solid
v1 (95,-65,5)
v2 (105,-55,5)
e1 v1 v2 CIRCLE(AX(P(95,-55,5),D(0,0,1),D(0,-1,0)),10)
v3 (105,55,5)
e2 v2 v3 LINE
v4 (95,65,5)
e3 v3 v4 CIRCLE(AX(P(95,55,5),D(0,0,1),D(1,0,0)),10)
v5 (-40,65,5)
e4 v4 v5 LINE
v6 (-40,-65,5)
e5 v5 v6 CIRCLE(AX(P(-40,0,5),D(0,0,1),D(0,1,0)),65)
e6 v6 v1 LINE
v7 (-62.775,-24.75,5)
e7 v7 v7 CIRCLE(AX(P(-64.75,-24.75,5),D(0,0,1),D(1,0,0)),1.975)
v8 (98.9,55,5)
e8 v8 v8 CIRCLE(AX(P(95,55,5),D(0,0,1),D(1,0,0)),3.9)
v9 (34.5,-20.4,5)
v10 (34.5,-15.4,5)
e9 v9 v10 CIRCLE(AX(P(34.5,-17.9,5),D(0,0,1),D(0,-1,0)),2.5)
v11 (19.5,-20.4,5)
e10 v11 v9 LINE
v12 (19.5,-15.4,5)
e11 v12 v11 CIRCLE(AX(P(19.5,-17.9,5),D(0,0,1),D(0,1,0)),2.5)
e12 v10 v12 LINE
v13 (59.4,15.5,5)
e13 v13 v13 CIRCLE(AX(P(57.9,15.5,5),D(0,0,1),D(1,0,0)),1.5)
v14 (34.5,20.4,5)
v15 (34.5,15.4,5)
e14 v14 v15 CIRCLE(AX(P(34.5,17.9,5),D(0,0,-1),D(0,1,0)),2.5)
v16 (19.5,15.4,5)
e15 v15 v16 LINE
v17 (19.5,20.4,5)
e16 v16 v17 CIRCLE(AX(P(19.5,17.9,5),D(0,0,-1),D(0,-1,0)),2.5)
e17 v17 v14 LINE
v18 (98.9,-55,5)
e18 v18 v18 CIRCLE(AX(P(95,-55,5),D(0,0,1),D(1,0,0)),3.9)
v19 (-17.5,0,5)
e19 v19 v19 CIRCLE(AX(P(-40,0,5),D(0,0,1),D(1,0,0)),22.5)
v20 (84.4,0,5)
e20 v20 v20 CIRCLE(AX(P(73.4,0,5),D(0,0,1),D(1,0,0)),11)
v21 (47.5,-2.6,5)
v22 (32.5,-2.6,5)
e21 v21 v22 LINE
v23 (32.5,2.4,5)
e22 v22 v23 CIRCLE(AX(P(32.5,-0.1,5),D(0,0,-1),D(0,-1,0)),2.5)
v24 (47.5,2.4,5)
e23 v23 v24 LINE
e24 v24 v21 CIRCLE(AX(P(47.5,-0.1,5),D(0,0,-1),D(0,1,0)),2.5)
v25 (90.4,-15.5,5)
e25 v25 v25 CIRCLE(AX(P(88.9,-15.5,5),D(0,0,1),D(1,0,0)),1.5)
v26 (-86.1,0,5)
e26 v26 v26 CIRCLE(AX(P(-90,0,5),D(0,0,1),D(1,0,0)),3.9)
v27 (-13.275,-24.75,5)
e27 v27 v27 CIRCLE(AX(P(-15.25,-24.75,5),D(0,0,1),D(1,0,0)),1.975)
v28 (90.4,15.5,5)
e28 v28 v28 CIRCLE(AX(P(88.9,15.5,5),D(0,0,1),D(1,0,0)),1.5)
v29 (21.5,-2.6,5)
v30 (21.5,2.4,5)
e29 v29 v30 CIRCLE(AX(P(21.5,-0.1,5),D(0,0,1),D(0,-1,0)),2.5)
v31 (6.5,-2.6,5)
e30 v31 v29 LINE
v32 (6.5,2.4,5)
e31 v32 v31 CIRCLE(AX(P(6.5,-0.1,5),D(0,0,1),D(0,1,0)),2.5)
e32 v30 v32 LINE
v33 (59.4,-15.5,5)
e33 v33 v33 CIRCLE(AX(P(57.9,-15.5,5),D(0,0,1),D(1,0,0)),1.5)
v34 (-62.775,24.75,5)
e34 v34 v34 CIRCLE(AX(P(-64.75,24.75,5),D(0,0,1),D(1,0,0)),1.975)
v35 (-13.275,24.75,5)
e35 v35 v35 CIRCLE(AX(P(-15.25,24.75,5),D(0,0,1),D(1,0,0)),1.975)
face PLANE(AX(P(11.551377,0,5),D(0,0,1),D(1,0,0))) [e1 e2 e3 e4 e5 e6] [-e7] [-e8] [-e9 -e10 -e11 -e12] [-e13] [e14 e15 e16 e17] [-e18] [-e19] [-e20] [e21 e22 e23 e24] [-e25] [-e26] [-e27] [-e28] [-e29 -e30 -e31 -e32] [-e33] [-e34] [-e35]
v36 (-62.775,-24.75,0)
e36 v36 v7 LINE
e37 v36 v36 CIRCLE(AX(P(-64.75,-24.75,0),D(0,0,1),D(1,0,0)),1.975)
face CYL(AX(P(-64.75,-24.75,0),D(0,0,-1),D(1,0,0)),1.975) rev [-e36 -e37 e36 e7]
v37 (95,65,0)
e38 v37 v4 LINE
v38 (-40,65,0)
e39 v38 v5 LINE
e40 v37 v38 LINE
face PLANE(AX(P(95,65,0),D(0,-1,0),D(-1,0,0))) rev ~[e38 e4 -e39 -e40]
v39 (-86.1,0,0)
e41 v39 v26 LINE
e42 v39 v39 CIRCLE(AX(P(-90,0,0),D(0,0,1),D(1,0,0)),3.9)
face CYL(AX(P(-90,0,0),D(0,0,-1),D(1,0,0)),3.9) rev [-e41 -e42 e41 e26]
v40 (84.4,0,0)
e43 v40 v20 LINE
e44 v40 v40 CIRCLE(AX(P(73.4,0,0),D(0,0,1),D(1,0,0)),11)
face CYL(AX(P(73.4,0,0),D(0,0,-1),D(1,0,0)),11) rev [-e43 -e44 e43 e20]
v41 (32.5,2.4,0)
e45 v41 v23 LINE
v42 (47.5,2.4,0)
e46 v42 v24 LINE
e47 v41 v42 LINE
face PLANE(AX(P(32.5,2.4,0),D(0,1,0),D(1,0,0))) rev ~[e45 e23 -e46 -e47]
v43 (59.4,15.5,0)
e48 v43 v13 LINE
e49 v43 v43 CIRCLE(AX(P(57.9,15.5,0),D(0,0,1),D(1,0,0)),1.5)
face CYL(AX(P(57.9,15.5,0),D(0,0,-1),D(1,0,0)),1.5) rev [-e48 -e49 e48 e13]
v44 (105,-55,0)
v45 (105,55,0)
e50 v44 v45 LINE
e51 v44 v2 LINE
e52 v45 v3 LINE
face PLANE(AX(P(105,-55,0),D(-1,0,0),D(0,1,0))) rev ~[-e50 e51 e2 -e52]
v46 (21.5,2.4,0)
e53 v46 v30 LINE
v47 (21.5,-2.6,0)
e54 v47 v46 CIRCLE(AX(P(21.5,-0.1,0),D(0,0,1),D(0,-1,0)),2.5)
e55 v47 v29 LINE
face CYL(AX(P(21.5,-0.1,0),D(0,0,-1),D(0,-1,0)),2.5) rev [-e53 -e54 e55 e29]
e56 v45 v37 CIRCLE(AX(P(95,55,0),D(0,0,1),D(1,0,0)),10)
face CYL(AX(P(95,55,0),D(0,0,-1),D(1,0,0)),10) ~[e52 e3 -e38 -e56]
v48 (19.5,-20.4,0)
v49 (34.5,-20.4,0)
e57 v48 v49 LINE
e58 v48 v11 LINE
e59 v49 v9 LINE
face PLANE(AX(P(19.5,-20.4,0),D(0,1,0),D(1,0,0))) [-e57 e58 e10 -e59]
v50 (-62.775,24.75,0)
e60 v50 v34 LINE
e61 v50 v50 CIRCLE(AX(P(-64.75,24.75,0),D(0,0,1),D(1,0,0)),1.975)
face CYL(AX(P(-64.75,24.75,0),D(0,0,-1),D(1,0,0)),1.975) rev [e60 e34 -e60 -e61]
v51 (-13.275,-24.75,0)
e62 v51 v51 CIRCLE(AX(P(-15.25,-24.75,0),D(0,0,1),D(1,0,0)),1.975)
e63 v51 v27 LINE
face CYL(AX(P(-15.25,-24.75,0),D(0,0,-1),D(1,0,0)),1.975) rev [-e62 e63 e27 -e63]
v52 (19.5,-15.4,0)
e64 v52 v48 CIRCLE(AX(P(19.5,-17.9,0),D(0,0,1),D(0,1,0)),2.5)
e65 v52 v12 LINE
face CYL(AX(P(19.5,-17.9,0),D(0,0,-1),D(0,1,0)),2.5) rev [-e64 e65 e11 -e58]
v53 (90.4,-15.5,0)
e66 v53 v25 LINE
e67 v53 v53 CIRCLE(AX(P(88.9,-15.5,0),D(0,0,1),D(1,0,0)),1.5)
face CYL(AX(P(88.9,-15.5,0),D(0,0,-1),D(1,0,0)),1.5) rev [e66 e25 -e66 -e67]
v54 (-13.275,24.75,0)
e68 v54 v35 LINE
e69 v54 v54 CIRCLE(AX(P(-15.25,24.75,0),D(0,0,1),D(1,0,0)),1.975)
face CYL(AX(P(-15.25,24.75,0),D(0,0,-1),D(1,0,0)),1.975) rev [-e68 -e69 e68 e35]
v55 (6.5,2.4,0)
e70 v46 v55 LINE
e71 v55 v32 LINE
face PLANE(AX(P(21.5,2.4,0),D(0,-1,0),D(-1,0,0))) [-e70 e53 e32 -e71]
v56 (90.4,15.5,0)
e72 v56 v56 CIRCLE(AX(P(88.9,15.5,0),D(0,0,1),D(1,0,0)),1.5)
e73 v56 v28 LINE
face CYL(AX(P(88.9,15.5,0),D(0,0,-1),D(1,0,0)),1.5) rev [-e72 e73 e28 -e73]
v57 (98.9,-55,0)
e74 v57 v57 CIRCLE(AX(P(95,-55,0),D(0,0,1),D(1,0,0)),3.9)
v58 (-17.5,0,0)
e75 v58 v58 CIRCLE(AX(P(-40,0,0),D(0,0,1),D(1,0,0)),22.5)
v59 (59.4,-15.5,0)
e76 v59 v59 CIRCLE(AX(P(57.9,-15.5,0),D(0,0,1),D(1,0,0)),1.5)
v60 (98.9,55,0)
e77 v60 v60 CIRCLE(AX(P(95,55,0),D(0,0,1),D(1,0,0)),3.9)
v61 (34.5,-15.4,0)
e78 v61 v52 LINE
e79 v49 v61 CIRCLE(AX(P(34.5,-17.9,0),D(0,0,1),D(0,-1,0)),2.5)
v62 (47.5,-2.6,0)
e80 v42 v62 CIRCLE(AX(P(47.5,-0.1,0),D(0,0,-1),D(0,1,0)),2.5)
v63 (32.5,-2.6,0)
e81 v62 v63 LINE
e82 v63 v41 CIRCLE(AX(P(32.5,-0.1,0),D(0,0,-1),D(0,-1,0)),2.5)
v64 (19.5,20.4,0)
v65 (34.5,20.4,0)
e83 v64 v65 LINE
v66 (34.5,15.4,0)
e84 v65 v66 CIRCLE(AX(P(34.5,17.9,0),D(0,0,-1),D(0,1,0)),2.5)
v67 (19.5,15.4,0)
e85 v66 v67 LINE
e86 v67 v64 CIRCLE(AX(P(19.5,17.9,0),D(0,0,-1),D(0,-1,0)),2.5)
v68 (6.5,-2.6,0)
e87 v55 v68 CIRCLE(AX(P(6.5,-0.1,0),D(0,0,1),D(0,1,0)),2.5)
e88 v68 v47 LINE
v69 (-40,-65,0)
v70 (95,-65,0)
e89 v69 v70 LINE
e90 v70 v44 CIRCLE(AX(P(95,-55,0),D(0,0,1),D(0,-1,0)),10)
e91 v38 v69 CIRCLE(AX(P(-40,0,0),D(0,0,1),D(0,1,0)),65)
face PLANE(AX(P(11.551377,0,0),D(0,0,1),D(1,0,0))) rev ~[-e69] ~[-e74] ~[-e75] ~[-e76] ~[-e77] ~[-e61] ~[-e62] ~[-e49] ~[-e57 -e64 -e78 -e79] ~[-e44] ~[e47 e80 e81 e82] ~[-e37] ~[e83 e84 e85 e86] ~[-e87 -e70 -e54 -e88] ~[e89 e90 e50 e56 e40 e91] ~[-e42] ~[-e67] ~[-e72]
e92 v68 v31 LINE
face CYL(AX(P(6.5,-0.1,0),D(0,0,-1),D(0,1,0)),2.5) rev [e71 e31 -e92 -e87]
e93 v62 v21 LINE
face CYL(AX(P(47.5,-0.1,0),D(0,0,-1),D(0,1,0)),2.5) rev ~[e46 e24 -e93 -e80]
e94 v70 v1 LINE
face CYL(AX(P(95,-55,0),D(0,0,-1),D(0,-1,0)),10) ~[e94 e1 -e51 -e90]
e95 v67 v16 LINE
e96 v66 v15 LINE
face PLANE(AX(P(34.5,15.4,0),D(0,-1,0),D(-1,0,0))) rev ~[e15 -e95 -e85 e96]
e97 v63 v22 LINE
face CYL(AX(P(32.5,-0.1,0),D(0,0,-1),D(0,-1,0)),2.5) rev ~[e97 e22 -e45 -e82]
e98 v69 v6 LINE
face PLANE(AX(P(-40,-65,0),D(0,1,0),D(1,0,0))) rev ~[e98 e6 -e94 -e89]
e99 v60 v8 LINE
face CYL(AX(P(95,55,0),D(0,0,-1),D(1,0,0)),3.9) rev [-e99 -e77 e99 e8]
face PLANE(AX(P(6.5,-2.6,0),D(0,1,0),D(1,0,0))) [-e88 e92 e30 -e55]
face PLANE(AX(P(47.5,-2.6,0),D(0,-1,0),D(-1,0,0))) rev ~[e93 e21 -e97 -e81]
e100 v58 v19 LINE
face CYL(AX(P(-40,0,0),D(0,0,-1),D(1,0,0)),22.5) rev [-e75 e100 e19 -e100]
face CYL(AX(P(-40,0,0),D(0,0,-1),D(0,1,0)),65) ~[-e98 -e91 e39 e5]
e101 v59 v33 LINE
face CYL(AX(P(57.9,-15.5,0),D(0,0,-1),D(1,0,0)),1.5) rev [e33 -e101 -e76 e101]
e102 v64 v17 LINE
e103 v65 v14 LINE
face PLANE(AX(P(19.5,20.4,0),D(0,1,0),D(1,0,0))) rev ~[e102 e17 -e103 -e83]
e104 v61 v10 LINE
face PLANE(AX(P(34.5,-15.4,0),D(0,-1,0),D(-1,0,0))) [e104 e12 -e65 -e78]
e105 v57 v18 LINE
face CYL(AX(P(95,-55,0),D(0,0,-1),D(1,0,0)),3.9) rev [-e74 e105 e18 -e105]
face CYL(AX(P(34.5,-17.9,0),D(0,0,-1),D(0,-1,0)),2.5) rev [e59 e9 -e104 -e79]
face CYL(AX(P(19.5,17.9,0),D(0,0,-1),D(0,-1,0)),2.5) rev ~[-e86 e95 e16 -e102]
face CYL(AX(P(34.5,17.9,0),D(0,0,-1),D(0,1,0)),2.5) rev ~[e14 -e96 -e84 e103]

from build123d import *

# Parameters (mm, degrees)
SKETCH1_R           = 3.9
SKETCH1_R_2         = 22.5
SKETCH1_R_3         = 1.975
SKETCH1_R_4         = 11
SKETCH1_R_5         = 1.5
BOSS_EXTRUDE3_DEPTH = 5


with BuildPart() as part:
    # Sketch1 → Boss-Extrude3 (new body)
    with BuildSketch(Plane.XY):
        with BuildLine():
            Line((-40, -65), (95, -65))
            ThreePointArc((95, -65), (102.071067812, -62.071067812), (105, -55))
            Line((105, -55), (105, 55))
            ThreePointArc((105, 55), (102.071067812, 62.071067812), (95, 65))
            Line((95, 65), (-40, 65))
            ThreePointArc((-40, 65), (-105, 0), (-40, -65))
        make_face()
        with Locations((95, 55)):
            Circle(SKETCH1_R, mode=Mode.SUBTRACT)
        with Locations((95, -55)):
            Circle(SKETCH1_R, mode=Mode.SUBTRACT)
        with Locations((-90, 0)):
            Circle(SKETCH1_R, mode=Mode.SUBTRACT)
        with Locations((-40, 0)):
            Circle(SKETCH1_R_2, mode=Mode.SUBTRACT)
        with Locations((-64.75, 24.75)):
            Circle(SKETCH1_R_3, mode=Mode.SUBTRACT)
        with Locations((-15.25, 24.75)):
            Circle(SKETCH1_R_3, mode=Mode.SUBTRACT)
        with Locations((-15.25, -24.75)):
            Circle(SKETCH1_R_3, mode=Mode.SUBTRACT)
        with Locations((-64.75, -24.75)):
            Circle(SKETCH1_R_3, mode=Mode.SUBTRACT)
        with Locations((73.4, 0)):
            Circle(SKETCH1_R_4, mode=Mode.SUBTRACT)
        with Locations((57.9, 15.5)):
            Circle(SKETCH1_R_5, mode=Mode.SUBTRACT)
        with Locations((88.9, 15.5)):
            Circle(SKETCH1_R_5, mode=Mode.SUBTRACT)
        with Locations((88.9, -15.5)):
            Circle(SKETCH1_R_5, mode=Mode.SUBTRACT)
        with Locations((57.9, -15.5)):
            Circle(SKETCH1_R_5, mode=Mode.SUBTRACT)
        with BuildLine():
            Line((32.5, 2.4), (47.5, 2.4))
            ThreePointArc((47.5, 2.4), (50, -0.1), (47.5, -2.6))
            Line((47.5, -2.6), (32.5, -2.6))
            ThreePointArc((32.5, -2.6), (30, -0.1), (32.5, 2.4))
        make_face(mode=Mode.SUBTRACT)
        with BuildLine():
            Line((19.5, 20.4), (34.5, 20.4))
            ThreePointArc((34.5, 20.4), (37, 17.9), (34.5, 15.4))
            Line((34.5, 15.4), (19.5, 15.4))
            ThreePointArc((19.5, 15.4), (17, 17.9), (19.5, 20.4))
        make_face(mode=Mode.SUBTRACT)
        with BuildLine():
            Line((21.5, 2.4), (6.5, 2.4))
            ThreePointArc((6.5, 2.4), (4, -0.1), (6.5, -2.6))
            Line((6.5, -2.6), (21.5, -2.6))
            ThreePointArc((21.5, -2.6), (24, -0.1), (21.5, 2.4))
        make_face(mode=Mode.SUBTRACT)
        with BuildLine():
            Line((34.5, -15.4), (19.5, -15.4))
            ThreePointArc((19.5, -15.4), (17, -17.9), (19.5, -20.4))
            Line((19.5, -20.4), (34.5, -20.4))
            ThreePointArc((34.5, -20.4), (37, -17.9), (34.5, -15.4))
        make_face(mode=Mode.SUBTRACT)
    extrude(amount=BOSS_EXTRUDE3_DEPTH)


solid = part.part
